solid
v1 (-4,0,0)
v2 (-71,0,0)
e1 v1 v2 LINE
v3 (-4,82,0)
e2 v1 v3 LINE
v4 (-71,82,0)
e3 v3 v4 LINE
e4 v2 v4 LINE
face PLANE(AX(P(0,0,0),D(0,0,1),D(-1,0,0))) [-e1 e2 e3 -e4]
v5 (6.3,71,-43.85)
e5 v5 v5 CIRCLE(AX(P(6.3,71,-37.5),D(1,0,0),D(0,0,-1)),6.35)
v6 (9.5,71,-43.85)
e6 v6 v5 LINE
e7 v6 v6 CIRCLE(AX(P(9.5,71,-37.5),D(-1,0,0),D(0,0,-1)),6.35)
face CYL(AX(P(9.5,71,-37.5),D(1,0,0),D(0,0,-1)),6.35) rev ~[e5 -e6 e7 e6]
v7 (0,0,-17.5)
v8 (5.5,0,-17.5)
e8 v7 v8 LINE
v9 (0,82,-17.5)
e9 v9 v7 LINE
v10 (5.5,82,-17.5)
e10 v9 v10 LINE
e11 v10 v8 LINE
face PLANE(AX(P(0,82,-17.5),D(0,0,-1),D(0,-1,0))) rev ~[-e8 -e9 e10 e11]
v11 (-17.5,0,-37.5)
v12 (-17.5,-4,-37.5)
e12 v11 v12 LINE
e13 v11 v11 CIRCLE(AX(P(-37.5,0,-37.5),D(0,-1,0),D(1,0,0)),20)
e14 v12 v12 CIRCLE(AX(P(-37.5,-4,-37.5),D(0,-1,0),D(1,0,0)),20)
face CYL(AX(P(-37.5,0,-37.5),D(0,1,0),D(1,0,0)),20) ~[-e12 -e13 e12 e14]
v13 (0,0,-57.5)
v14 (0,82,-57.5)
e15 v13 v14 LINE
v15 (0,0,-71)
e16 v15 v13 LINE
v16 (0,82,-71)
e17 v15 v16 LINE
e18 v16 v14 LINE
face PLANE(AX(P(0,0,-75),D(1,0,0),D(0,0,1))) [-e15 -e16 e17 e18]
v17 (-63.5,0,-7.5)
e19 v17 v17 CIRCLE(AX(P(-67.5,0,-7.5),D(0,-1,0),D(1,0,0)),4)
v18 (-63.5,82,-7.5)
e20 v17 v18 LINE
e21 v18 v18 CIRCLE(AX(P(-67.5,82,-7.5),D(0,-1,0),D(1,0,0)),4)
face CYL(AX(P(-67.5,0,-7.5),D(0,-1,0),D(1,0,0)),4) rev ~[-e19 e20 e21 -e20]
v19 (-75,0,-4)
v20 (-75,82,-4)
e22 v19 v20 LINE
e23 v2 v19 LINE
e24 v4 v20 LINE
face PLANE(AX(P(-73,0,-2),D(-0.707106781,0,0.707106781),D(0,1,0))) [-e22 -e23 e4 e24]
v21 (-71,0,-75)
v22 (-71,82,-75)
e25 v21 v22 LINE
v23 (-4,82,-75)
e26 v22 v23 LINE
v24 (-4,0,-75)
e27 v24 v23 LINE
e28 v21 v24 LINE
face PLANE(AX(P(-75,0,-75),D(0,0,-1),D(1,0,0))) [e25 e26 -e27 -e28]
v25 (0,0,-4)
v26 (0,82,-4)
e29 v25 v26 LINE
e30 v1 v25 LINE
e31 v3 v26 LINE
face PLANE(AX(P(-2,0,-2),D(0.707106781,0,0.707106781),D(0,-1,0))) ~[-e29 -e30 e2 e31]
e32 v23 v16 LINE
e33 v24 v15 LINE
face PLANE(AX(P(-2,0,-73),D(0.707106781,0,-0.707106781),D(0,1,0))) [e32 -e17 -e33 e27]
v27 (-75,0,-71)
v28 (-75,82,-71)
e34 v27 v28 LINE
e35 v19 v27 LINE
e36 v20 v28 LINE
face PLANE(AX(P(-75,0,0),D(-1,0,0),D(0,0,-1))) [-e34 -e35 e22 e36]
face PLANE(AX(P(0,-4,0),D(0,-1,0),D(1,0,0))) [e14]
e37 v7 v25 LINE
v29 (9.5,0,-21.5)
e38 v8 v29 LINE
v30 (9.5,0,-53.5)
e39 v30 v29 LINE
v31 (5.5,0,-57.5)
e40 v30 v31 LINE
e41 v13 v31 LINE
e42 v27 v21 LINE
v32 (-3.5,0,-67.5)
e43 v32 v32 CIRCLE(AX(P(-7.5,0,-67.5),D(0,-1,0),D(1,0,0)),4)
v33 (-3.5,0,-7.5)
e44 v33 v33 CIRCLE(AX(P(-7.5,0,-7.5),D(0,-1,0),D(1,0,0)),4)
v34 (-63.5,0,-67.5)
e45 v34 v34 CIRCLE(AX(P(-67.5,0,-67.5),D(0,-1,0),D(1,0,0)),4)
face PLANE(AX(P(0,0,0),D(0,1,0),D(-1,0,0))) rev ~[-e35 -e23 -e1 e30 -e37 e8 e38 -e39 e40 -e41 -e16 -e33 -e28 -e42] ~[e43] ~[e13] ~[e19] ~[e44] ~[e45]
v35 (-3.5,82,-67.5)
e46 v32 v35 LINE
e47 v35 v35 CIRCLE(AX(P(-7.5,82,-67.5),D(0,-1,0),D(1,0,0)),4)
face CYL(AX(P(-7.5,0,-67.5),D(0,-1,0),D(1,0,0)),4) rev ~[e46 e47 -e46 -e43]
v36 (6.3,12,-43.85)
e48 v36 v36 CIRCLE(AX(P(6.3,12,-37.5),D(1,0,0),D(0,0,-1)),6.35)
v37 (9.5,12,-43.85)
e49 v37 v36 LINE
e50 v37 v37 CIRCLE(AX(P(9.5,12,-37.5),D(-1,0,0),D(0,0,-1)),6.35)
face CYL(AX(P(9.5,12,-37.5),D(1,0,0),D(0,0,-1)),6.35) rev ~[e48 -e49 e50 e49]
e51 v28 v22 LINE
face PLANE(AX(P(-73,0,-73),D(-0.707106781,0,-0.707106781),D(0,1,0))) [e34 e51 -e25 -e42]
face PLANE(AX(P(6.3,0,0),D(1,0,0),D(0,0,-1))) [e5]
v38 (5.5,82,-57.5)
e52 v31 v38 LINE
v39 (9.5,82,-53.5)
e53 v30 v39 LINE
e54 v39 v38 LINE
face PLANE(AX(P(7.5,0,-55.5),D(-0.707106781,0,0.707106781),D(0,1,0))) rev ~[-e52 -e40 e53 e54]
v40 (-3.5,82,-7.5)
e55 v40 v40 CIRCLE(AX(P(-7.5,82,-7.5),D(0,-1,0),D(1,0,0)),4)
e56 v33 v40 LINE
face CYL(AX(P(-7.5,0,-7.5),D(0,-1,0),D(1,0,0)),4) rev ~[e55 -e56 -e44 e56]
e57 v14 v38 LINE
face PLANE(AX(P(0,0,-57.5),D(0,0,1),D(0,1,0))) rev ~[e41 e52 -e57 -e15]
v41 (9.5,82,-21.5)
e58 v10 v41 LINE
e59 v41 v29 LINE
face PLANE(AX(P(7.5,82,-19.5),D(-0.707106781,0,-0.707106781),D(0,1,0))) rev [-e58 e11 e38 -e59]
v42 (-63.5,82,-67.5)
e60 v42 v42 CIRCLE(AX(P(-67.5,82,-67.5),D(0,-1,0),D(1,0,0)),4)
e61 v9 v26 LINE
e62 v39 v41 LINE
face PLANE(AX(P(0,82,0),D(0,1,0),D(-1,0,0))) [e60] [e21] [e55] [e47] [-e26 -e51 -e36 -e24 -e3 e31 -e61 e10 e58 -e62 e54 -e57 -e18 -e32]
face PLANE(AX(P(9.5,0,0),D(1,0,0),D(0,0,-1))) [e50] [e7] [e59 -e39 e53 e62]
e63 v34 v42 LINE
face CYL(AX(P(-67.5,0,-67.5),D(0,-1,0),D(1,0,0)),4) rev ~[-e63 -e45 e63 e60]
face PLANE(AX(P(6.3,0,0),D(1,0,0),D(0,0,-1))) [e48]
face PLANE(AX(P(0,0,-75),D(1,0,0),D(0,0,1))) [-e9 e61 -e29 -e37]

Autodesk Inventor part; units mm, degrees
ref_plane "YZ Plane" through (0, 0, 0) normal (1, 0, 0) x (0, 1, 0)
ref_plane "XZ Plane" through (0, 0, 0) normal (0, 1, 0) x (-1, 0, 0)
ref_plane "XY Plane" through (0, 0, 0) normal (0, 0, 1) x (1, 0, 0)
sketch "Sketch1" plane through (0, 0, 0) normal (0, 1, 0) x (-1, 0, 0)
  line L0 (0, 0) -> (75, 0)
  line L1 (75, 0) -> (75, -75)
  line L2 (75, -75) -> (0, -75)
  line L3 (0, -75) -> (0, 0)
  dimension "d0" = 75
  dimension "d1" = 75
extrude "Extrusion1" add sketch "Sketch1" along normal blind 82
sketch "Sketch2" plane through (0, 0, 0) normal (0, -1, 0) x (1, 0, 0)
  circle A0 centre (-37.5, -37.5) radius 20
  line L0 (0, -75) -> (0, 0) projected
  line L1 (-75, -75) -> (0, -75) projected
  dimension "d4" = 40
  dimension "d5" = 37.5
  dimension "d6" = 37.5
extrude "Extrusion2" add sketch "Sketch2" along normal blind 4
sketch "Sketch4" plane through (0, 0, 0) normal (0, -1, 0) x (1, 0, 0)
  circle A0 centre (-67.5, -7.5) radius 4
  circle A1 centre (-7.5, -7.5) radius 4
  circle A2 centre (-7.5, -67.5) radius 4
  circle A3 centre (-67.5, -67.5) radius 4
  line L0 (0, 0) -> (-75, 0) projected
  line L1 (0, -75) -> (0, 0) projected
  dimension "d12" = 8
  dimension "d13" = 8
  dimension "d14" = 8
  dimension "d15" = 8
  dimension "d16" = 60
  dimension "d17" = 60
  dimension "d18" = 60
  dimension "d19" = 60
  dimension "d20" = 60
  dimension "d21" = 60
  dimension "d22" = 7.5
  dimension "d23" = 7.5
extrude "Extrusion4" cut sketch "Sketch4" against normal blind 120.8875
sketch "Sketch5" plane through (0, 0, 0) normal (1, 0, 0) x (0, 0, -1)
  line L0 (75, 0) -> (0, 0) projected
  line L1 (75, 82) -> (0, 82) projected
  line L2 (17.5, 0) -> (57.5, 0)
  line L3 (57.5, 0) -> (57.5, 82)
  line L4 (57.5, 82) -> (17.5, 82)
  line L5 (17.5, 82) -> (17.5, 0)
  line L6 (0, 0) -> (0, 82) projected
  dimension "d26" = 40
  dimension "d27" = 17.5
extrude "Extrusion5" add sketch "Sketch5" along normal blind 9.5 contours L0 L5 L1 L3
sketch "Sketch6" plane through (9.5, 0, 0) normal (1, 0, 0) x (0, 0, -1)
  circle A0 centre (37.5, 12) radius 6.35
  circle A1 centre (37.5, 71) radius 6.35
  line L0 (57.5, 82) -> (17.5, 82) projected
  line L1 (75, 0) -> (57.5, 0) projected
  line L2 (75, 82) -> (0, 82) projected
  line L3 (37.5, 82) -> (37.5, 0)
  line L4 (0, 0) -> (75, 0) projected
  dimension "d30" = 12.7
  dimension "d31" = 12.7
  dimension "d32" = 11
  dimension "d33" = 12
extrude "Extrusion6" cut sketch "Sketch6" against normal blind 3.2
chamfer "Chamfer1" distance 4 angle 45 4 edges at (0, 41, -75) (-75, 41, -75) (0, 41, 0) (-75, 41, 0)
chamfer "Chamfer2" distance 4 angle 45 2 edges at (9.5, 41, -17.5) (9.5, 41, -57.5)
properties part number "SDA 63 50" material "Aluminum 6061"
